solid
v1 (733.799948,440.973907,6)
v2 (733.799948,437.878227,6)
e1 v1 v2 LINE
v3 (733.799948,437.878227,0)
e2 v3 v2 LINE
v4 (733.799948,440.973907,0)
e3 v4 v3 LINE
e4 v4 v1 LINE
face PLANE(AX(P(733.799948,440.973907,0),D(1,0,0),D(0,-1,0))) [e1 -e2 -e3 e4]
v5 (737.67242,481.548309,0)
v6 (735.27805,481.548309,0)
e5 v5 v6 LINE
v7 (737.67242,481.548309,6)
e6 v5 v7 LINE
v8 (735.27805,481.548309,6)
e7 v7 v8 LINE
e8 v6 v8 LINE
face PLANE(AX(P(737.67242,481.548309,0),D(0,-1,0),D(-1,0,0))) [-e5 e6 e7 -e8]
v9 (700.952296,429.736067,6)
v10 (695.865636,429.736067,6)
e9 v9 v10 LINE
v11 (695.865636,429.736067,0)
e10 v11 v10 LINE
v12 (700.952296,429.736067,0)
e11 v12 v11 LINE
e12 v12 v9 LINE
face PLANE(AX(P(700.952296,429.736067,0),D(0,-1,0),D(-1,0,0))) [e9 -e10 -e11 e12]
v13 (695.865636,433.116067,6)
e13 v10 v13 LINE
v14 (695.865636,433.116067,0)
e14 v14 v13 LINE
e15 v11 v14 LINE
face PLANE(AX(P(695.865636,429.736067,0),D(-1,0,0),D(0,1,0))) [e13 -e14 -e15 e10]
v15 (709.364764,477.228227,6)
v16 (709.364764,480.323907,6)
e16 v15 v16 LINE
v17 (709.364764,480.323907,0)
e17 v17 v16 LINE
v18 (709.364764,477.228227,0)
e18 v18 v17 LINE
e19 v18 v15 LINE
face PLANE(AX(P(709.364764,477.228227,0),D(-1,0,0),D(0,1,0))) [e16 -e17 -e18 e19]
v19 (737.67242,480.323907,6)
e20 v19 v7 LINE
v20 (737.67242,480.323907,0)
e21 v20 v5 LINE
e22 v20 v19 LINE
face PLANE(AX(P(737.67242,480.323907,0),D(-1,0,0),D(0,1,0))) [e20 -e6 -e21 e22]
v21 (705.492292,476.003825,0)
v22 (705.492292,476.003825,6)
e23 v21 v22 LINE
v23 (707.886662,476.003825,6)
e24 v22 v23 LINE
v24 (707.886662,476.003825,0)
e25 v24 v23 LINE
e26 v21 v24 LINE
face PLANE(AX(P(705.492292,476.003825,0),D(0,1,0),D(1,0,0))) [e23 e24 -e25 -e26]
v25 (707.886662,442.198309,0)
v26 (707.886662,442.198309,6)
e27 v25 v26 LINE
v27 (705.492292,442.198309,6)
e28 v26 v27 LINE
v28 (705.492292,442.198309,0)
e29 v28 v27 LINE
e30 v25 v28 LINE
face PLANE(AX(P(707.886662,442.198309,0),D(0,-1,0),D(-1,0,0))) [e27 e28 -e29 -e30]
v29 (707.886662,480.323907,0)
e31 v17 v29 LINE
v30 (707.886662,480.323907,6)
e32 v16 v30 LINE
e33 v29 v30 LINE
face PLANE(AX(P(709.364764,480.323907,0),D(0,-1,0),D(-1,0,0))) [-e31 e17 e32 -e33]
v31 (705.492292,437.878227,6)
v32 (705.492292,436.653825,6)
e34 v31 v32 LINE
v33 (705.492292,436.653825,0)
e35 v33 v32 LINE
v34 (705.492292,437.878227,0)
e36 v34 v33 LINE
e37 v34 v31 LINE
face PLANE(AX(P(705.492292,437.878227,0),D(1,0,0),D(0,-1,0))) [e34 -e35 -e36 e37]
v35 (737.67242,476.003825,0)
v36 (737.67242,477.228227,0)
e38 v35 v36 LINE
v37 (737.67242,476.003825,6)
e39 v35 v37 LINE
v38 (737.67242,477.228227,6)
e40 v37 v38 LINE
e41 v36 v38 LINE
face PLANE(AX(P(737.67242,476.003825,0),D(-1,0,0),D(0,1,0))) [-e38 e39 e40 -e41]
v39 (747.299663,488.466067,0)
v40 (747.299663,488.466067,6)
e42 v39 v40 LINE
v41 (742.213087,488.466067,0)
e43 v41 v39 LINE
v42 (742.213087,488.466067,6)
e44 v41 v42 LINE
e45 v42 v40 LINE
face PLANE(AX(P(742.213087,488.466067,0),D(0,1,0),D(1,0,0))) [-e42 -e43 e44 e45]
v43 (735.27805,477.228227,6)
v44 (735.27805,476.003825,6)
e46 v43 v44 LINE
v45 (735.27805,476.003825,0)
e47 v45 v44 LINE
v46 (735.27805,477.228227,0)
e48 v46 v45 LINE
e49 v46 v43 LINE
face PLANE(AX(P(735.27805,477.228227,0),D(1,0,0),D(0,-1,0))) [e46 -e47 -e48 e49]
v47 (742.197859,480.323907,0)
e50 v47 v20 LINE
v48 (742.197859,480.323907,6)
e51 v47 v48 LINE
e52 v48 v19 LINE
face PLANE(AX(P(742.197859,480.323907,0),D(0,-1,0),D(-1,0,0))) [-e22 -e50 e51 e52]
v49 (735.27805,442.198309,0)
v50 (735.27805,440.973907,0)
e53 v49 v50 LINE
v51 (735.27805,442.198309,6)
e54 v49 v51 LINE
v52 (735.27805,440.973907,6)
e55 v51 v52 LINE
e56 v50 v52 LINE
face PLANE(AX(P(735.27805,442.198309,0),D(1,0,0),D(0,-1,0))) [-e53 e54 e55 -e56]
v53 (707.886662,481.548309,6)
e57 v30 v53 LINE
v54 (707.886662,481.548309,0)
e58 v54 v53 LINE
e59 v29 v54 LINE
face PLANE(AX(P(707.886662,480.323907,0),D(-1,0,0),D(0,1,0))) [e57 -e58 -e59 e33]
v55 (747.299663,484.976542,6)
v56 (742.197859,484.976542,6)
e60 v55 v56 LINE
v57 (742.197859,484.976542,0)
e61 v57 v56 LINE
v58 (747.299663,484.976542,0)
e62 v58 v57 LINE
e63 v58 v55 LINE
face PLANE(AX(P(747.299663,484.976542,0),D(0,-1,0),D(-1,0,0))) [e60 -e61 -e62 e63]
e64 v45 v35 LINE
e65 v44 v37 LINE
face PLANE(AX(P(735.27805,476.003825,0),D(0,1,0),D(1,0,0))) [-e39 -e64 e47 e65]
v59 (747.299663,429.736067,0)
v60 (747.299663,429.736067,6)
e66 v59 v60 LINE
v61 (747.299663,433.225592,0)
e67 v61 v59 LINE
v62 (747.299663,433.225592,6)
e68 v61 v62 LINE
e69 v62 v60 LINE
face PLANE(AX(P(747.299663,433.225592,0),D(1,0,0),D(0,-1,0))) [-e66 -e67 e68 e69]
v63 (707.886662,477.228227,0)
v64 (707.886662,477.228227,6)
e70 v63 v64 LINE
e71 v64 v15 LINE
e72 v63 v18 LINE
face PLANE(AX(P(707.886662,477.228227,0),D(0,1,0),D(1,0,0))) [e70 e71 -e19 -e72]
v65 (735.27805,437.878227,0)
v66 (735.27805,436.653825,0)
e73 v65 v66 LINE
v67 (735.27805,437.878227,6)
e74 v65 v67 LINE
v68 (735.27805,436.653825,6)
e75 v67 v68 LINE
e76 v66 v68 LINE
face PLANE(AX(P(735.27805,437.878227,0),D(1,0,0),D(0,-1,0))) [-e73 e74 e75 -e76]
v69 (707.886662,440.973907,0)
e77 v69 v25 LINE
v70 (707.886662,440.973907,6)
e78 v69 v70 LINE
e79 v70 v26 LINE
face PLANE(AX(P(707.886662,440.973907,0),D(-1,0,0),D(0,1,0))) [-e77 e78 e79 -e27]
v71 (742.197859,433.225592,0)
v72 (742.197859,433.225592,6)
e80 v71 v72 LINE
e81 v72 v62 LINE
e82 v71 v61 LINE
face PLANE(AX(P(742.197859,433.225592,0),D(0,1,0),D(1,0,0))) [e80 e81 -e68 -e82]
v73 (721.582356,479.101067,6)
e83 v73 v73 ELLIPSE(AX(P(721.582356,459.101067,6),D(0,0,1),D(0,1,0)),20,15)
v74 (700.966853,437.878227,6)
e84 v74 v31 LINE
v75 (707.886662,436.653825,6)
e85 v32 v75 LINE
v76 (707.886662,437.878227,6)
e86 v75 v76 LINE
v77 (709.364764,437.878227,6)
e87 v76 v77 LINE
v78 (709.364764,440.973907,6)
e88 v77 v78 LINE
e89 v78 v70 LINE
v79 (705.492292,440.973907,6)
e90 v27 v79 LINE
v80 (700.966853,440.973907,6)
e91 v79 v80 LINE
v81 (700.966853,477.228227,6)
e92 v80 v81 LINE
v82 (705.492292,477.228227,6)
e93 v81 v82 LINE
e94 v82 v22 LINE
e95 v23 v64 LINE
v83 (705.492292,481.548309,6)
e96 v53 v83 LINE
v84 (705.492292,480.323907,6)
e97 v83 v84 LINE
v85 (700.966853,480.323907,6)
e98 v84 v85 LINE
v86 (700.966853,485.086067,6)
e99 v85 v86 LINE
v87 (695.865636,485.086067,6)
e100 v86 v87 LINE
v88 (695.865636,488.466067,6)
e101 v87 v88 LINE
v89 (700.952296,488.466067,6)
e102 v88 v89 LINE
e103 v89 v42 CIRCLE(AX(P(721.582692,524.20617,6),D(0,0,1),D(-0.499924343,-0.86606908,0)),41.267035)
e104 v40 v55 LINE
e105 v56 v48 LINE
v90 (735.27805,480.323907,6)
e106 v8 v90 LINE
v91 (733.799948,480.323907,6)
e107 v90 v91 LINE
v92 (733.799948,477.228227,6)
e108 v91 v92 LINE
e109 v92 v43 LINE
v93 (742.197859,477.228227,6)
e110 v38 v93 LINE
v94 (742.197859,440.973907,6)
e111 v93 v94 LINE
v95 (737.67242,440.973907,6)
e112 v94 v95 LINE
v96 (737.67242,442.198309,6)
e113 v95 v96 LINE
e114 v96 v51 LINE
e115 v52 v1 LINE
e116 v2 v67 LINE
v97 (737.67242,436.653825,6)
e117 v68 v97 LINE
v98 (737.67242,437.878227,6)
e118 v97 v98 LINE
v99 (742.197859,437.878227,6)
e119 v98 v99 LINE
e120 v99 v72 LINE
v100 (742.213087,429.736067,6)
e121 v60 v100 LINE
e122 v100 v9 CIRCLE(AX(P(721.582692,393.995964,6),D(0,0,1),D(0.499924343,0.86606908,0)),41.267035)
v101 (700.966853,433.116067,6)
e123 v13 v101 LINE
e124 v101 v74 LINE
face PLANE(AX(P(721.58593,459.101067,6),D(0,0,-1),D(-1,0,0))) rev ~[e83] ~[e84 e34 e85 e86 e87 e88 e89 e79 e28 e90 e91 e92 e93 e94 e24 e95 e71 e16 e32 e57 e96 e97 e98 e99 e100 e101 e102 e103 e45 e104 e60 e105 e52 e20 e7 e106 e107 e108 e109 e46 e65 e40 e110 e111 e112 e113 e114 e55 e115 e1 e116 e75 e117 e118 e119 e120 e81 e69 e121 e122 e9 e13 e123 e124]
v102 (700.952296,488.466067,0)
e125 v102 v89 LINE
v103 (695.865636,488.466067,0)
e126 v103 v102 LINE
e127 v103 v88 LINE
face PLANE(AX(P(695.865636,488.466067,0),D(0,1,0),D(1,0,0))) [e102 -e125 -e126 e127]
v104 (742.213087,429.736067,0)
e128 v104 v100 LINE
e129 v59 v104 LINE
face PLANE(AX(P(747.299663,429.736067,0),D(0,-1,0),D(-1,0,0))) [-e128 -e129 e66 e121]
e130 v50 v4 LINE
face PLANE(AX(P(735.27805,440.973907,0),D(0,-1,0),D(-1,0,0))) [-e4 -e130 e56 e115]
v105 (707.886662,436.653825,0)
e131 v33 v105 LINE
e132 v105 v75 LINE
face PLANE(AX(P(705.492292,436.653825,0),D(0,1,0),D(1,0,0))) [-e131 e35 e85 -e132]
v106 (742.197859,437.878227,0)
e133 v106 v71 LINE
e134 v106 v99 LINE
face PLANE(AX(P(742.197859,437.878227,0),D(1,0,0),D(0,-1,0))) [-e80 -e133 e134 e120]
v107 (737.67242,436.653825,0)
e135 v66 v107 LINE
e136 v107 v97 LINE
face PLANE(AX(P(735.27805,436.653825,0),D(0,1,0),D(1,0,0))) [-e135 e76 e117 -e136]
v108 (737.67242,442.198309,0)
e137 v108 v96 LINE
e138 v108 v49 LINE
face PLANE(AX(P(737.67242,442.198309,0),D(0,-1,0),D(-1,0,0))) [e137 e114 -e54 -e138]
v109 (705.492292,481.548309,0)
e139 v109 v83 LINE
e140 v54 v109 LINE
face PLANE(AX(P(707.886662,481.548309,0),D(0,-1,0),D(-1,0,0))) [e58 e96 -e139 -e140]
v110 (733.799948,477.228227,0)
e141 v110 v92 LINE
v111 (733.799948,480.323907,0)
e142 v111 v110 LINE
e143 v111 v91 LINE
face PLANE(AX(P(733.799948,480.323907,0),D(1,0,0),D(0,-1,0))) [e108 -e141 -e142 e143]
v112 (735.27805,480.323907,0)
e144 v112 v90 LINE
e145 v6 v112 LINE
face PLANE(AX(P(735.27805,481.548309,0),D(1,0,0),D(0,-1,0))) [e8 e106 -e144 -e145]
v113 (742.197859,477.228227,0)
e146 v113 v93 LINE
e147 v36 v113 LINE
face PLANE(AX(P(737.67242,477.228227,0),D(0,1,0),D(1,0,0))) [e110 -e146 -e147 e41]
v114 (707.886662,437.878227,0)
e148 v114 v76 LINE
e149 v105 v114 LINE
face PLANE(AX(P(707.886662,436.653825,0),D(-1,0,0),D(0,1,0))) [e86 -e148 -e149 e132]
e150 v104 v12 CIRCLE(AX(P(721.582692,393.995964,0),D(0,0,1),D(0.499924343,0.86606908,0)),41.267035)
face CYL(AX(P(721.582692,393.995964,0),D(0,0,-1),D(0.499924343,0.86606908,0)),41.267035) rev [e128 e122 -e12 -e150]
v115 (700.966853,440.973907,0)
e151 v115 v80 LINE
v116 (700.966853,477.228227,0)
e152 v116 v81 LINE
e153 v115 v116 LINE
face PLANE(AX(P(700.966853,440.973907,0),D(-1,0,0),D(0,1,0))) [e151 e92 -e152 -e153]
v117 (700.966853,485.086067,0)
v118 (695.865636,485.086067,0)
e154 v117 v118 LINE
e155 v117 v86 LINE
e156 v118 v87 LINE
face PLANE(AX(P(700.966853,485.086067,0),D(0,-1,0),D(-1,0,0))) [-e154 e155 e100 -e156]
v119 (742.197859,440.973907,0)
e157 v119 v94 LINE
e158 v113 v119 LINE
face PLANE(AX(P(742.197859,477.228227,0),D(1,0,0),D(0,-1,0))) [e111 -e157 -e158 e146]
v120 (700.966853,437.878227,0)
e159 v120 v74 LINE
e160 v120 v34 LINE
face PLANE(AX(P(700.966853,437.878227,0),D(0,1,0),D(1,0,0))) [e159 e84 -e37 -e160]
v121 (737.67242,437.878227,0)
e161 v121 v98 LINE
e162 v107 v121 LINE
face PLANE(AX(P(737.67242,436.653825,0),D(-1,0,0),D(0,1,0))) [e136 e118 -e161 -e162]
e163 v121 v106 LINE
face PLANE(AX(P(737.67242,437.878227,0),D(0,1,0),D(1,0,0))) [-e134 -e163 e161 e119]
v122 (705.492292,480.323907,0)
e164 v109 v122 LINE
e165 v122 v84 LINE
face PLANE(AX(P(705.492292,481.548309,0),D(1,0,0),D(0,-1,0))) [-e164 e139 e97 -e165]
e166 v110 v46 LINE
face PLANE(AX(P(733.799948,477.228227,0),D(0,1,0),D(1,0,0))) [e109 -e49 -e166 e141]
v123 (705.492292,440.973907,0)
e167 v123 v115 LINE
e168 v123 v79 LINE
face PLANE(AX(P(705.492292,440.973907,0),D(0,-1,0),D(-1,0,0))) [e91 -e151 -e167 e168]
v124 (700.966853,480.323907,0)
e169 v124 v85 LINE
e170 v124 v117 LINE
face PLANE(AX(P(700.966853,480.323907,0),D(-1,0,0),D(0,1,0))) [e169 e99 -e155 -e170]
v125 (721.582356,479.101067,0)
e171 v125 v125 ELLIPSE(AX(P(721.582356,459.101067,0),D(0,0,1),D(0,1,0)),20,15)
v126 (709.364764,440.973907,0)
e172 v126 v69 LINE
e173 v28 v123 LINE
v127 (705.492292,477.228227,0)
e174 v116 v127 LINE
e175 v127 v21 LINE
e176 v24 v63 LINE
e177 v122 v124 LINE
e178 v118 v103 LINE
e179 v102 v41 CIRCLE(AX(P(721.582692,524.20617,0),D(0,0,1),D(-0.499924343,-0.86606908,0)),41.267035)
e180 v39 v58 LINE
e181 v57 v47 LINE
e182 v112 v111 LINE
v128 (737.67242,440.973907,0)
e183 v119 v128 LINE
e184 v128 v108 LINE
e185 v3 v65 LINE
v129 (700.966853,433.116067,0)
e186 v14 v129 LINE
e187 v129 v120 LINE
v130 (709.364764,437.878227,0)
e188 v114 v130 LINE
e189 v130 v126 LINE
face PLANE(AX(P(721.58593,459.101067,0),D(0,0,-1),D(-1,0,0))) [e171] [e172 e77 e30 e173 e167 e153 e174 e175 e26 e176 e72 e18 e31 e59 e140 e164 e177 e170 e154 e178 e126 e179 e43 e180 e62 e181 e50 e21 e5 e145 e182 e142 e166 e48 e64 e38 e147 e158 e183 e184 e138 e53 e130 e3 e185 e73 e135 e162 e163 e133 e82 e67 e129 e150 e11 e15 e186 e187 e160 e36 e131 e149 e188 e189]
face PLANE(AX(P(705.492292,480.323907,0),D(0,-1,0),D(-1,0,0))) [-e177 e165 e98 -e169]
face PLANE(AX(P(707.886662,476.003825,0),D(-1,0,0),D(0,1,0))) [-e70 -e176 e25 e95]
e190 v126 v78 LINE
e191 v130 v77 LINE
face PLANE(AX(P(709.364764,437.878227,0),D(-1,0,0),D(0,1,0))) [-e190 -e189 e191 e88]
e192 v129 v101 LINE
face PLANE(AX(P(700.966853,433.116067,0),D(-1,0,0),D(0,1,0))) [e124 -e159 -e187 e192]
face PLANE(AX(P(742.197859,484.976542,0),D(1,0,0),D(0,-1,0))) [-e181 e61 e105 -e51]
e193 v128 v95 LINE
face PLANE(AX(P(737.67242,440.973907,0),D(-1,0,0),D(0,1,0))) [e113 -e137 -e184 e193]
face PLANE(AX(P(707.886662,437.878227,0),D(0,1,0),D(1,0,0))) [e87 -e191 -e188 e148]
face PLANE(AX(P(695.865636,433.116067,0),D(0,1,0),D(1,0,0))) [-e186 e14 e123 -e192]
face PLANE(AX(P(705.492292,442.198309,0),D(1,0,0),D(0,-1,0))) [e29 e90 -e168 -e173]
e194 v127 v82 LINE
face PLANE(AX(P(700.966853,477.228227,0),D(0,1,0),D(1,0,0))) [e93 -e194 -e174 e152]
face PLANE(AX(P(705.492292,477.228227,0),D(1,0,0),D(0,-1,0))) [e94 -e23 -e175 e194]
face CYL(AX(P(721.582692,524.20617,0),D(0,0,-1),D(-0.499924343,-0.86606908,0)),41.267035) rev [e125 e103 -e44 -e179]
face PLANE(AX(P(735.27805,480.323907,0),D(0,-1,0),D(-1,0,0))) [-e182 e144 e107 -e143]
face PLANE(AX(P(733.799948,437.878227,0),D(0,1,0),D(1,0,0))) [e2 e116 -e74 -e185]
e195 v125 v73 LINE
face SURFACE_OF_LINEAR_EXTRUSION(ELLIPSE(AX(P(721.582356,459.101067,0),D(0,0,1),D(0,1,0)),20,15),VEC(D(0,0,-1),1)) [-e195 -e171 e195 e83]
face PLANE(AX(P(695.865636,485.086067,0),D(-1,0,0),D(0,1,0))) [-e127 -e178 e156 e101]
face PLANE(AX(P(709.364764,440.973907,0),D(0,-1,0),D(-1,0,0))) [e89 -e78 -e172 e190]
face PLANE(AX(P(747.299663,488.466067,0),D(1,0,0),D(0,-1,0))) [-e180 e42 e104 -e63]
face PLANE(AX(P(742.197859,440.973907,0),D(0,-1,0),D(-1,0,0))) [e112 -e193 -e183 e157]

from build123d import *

# Parameters (mm, degrees)
SKETCH1_RX          = 20
SKETCH1_RY          = 15
BOSS_EXTRUDE1_DEPTH = 6


with BuildPart() as part:
    # Sketch1 → Boss-Extrude1 (new body)
    with BuildSketch(Plane.XY):
        with BuildLine():
            Line((735.278050496, 436.653824982), (737.672420097, 436.653824982))
            Line((737.672420097, 436.653824982), (737.672420097, 437.878226994))
            Line((737.672420097, 437.878226994), (742.197859342, 437.878226994))
            Line((742.197859342, 437.878226994), (742.197859342, 433.225591729))
            Line((742.197859342, 433.225591729), (747.299662794, 433.225591729))
            Line((747.299662794, 433.225591729), (747.299662794, 429.736067))
            Line((747.299662794, 429.736067), (742.213087036, 429.736067))
            ThreePointArc((742.213087036, 429.736067), (721.582691686, 435.262998961), (700.952296336, 429.736067))
            Line((700.952296336, 429.736067), (695.865635692, 429.736067))
            Line((695.865635692, 429.736067), (695.865635692, 433.116067))
            Line((695.865635692, 433.116067), (700.966852893, 433.116067))
            Line((700.966852893, 433.116067), (700.966852893, 437.878226994))
            Line((700.966852893, 437.878226994), (705.492292137, 437.878226994))
            Line((705.492292137, 437.878226994), (705.492292137, 436.653824982))
            Line((705.492292137, 436.653824982), (707.886661739, 436.653824982))
            Line((707.886661739, 436.653824982), (707.886661739, 437.878226994))
            Line((707.886661739, 437.878226994), (709.364764052, 437.878226994))
            Line((709.364764052, 437.878226994), (709.364764052, 440.973907006))
            Line((709.364764052, 440.973907006), (707.886661739, 440.973907006))
            Line((707.886661739, 440.973907006), (707.886661739, 442.198309018))
            Line((707.886661739, 442.198309018), (705.492292137, 442.198309018))
            Line((705.492292137, 442.198309018), (705.492292137, 440.973907006))
            Line((705.492292137, 440.973907006), (700.966852893, 440.973907006))
            Line((700.966852893, 440.973907006), (700.966852893, 459.101067))
            Line((700.966852893, 459.101067), (700.966852893, 477.228226994))
            Line((700.966852893, 477.228226994), (705.492292137, 477.228226994))
            Line((705.492292137, 477.228226994), (705.492292137, 476.003824982))
            Line((705.492292137, 476.003824982), (707.886661739, 476.003824982))
            Line((707.886661739, 476.003824982), (707.886661739, 477.228226994))
            Line((707.886661739, 477.228226994), (709.364764052, 477.228226994))
            Line((709.364764052, 477.228226994), (709.364764052, 480.323907006))
            Line((709.364764052, 480.323907006), (707.886661739, 480.323907006))
            Line((707.886661739, 480.323907006), (707.886661739, 481.548309018))
            Line((707.886661739, 481.548309018), (705.492292137, 481.548309018))
            Line((705.492292137, 481.548309018), (705.492292137, 480.323907006))
            Line((705.492292137, 480.323907006), (700.966852893, 480.323907006))
            Line((700.966852893, 480.323907006), (700.966852893, 485.086067))
            Line((700.966852893, 485.086067), (695.865635692, 485.086067))
            Line((695.865635692, 485.086067), (695.865635692, 488.466067))
            Line((695.865635692, 488.466067), (700.952296336, 488.466067))
            ThreePointArc((700.952296336, 488.466067), (721.582691686, 482.939135038), (742.213087036, 488.466067))
            Line((742.213087036, 488.466067), (747.299662794, 488.466067))
            Line((747.299662794, 488.466067), (747.299662794, 484.976542271))
            Line((747.299662794, 484.976542271), (742.197859342, 484.976542271))
            Line((742.197859342, 484.976542271), (742.197859342, 480.323907006))
            Line((742.197859342, 480.323907006), (737.672420097, 480.323907006))
            Line((737.672420097, 480.323907006), (737.672420097, 481.548309018))
            Line((737.672420097, 481.548309018), (735.278050496, 481.548309018))
            Line((735.278050496, 481.548309018), (735.278050496, 480.323907006))
            Line((735.278050496, 480.323907006), (733.799948182, 480.323907006))
            Line((733.799948182, 480.323907006), (733.799948182, 477.228226994))
            Line((733.799948182, 477.228226994), (735.278050496, 477.228226994))
            Line((735.278050496, 477.228226994), (735.278050496, 476.003824982))
            Line((735.278050496, 476.003824982), (737.672420097, 476.003824982))
            Line((737.672420097, 476.003824982), (737.672420097, 477.228226994))
            Line((737.672420097, 477.228226994), (742.197859342, 477.228226994))
            Line((742.197859342, 477.228226994), (742.197859342, 459.101067))
            Line((742.197859342, 459.101067), (742.197859342, 440.973907006))
            Line((742.197859342, 440.973907006), (737.672420097, 440.973907006))
            Line((737.672420097, 440.973907006), (737.672420097, 442.198309018))
            Line((737.672420097, 442.198309018), (735.278050496, 442.198309018))
            Line((735.278050496, 442.198309018), (735.278050496, 440.973907006))
            Line((735.278050496, 440.973907006), (733.799948182, 440.973907006))
            Line((733.799948182, 440.973907006), (733.799948182, 437.878226994))
            Line((733.799948182, 437.878226994), (735.278050496, 437.878226994))
            Line((735.278050496, 437.878226994), (735.278050496, 436.653824982))
        make_face()
        with Locations(Location((721.582356117, 459.101067), (0, 0, 90))):
            Ellipse(SKETCH1_RX, SKETCH1_RY, mode=Mode.SUBTRACT)
    extrude(amount=BOSS_EXTRUDE1_DEPTH)


solid = part.part
